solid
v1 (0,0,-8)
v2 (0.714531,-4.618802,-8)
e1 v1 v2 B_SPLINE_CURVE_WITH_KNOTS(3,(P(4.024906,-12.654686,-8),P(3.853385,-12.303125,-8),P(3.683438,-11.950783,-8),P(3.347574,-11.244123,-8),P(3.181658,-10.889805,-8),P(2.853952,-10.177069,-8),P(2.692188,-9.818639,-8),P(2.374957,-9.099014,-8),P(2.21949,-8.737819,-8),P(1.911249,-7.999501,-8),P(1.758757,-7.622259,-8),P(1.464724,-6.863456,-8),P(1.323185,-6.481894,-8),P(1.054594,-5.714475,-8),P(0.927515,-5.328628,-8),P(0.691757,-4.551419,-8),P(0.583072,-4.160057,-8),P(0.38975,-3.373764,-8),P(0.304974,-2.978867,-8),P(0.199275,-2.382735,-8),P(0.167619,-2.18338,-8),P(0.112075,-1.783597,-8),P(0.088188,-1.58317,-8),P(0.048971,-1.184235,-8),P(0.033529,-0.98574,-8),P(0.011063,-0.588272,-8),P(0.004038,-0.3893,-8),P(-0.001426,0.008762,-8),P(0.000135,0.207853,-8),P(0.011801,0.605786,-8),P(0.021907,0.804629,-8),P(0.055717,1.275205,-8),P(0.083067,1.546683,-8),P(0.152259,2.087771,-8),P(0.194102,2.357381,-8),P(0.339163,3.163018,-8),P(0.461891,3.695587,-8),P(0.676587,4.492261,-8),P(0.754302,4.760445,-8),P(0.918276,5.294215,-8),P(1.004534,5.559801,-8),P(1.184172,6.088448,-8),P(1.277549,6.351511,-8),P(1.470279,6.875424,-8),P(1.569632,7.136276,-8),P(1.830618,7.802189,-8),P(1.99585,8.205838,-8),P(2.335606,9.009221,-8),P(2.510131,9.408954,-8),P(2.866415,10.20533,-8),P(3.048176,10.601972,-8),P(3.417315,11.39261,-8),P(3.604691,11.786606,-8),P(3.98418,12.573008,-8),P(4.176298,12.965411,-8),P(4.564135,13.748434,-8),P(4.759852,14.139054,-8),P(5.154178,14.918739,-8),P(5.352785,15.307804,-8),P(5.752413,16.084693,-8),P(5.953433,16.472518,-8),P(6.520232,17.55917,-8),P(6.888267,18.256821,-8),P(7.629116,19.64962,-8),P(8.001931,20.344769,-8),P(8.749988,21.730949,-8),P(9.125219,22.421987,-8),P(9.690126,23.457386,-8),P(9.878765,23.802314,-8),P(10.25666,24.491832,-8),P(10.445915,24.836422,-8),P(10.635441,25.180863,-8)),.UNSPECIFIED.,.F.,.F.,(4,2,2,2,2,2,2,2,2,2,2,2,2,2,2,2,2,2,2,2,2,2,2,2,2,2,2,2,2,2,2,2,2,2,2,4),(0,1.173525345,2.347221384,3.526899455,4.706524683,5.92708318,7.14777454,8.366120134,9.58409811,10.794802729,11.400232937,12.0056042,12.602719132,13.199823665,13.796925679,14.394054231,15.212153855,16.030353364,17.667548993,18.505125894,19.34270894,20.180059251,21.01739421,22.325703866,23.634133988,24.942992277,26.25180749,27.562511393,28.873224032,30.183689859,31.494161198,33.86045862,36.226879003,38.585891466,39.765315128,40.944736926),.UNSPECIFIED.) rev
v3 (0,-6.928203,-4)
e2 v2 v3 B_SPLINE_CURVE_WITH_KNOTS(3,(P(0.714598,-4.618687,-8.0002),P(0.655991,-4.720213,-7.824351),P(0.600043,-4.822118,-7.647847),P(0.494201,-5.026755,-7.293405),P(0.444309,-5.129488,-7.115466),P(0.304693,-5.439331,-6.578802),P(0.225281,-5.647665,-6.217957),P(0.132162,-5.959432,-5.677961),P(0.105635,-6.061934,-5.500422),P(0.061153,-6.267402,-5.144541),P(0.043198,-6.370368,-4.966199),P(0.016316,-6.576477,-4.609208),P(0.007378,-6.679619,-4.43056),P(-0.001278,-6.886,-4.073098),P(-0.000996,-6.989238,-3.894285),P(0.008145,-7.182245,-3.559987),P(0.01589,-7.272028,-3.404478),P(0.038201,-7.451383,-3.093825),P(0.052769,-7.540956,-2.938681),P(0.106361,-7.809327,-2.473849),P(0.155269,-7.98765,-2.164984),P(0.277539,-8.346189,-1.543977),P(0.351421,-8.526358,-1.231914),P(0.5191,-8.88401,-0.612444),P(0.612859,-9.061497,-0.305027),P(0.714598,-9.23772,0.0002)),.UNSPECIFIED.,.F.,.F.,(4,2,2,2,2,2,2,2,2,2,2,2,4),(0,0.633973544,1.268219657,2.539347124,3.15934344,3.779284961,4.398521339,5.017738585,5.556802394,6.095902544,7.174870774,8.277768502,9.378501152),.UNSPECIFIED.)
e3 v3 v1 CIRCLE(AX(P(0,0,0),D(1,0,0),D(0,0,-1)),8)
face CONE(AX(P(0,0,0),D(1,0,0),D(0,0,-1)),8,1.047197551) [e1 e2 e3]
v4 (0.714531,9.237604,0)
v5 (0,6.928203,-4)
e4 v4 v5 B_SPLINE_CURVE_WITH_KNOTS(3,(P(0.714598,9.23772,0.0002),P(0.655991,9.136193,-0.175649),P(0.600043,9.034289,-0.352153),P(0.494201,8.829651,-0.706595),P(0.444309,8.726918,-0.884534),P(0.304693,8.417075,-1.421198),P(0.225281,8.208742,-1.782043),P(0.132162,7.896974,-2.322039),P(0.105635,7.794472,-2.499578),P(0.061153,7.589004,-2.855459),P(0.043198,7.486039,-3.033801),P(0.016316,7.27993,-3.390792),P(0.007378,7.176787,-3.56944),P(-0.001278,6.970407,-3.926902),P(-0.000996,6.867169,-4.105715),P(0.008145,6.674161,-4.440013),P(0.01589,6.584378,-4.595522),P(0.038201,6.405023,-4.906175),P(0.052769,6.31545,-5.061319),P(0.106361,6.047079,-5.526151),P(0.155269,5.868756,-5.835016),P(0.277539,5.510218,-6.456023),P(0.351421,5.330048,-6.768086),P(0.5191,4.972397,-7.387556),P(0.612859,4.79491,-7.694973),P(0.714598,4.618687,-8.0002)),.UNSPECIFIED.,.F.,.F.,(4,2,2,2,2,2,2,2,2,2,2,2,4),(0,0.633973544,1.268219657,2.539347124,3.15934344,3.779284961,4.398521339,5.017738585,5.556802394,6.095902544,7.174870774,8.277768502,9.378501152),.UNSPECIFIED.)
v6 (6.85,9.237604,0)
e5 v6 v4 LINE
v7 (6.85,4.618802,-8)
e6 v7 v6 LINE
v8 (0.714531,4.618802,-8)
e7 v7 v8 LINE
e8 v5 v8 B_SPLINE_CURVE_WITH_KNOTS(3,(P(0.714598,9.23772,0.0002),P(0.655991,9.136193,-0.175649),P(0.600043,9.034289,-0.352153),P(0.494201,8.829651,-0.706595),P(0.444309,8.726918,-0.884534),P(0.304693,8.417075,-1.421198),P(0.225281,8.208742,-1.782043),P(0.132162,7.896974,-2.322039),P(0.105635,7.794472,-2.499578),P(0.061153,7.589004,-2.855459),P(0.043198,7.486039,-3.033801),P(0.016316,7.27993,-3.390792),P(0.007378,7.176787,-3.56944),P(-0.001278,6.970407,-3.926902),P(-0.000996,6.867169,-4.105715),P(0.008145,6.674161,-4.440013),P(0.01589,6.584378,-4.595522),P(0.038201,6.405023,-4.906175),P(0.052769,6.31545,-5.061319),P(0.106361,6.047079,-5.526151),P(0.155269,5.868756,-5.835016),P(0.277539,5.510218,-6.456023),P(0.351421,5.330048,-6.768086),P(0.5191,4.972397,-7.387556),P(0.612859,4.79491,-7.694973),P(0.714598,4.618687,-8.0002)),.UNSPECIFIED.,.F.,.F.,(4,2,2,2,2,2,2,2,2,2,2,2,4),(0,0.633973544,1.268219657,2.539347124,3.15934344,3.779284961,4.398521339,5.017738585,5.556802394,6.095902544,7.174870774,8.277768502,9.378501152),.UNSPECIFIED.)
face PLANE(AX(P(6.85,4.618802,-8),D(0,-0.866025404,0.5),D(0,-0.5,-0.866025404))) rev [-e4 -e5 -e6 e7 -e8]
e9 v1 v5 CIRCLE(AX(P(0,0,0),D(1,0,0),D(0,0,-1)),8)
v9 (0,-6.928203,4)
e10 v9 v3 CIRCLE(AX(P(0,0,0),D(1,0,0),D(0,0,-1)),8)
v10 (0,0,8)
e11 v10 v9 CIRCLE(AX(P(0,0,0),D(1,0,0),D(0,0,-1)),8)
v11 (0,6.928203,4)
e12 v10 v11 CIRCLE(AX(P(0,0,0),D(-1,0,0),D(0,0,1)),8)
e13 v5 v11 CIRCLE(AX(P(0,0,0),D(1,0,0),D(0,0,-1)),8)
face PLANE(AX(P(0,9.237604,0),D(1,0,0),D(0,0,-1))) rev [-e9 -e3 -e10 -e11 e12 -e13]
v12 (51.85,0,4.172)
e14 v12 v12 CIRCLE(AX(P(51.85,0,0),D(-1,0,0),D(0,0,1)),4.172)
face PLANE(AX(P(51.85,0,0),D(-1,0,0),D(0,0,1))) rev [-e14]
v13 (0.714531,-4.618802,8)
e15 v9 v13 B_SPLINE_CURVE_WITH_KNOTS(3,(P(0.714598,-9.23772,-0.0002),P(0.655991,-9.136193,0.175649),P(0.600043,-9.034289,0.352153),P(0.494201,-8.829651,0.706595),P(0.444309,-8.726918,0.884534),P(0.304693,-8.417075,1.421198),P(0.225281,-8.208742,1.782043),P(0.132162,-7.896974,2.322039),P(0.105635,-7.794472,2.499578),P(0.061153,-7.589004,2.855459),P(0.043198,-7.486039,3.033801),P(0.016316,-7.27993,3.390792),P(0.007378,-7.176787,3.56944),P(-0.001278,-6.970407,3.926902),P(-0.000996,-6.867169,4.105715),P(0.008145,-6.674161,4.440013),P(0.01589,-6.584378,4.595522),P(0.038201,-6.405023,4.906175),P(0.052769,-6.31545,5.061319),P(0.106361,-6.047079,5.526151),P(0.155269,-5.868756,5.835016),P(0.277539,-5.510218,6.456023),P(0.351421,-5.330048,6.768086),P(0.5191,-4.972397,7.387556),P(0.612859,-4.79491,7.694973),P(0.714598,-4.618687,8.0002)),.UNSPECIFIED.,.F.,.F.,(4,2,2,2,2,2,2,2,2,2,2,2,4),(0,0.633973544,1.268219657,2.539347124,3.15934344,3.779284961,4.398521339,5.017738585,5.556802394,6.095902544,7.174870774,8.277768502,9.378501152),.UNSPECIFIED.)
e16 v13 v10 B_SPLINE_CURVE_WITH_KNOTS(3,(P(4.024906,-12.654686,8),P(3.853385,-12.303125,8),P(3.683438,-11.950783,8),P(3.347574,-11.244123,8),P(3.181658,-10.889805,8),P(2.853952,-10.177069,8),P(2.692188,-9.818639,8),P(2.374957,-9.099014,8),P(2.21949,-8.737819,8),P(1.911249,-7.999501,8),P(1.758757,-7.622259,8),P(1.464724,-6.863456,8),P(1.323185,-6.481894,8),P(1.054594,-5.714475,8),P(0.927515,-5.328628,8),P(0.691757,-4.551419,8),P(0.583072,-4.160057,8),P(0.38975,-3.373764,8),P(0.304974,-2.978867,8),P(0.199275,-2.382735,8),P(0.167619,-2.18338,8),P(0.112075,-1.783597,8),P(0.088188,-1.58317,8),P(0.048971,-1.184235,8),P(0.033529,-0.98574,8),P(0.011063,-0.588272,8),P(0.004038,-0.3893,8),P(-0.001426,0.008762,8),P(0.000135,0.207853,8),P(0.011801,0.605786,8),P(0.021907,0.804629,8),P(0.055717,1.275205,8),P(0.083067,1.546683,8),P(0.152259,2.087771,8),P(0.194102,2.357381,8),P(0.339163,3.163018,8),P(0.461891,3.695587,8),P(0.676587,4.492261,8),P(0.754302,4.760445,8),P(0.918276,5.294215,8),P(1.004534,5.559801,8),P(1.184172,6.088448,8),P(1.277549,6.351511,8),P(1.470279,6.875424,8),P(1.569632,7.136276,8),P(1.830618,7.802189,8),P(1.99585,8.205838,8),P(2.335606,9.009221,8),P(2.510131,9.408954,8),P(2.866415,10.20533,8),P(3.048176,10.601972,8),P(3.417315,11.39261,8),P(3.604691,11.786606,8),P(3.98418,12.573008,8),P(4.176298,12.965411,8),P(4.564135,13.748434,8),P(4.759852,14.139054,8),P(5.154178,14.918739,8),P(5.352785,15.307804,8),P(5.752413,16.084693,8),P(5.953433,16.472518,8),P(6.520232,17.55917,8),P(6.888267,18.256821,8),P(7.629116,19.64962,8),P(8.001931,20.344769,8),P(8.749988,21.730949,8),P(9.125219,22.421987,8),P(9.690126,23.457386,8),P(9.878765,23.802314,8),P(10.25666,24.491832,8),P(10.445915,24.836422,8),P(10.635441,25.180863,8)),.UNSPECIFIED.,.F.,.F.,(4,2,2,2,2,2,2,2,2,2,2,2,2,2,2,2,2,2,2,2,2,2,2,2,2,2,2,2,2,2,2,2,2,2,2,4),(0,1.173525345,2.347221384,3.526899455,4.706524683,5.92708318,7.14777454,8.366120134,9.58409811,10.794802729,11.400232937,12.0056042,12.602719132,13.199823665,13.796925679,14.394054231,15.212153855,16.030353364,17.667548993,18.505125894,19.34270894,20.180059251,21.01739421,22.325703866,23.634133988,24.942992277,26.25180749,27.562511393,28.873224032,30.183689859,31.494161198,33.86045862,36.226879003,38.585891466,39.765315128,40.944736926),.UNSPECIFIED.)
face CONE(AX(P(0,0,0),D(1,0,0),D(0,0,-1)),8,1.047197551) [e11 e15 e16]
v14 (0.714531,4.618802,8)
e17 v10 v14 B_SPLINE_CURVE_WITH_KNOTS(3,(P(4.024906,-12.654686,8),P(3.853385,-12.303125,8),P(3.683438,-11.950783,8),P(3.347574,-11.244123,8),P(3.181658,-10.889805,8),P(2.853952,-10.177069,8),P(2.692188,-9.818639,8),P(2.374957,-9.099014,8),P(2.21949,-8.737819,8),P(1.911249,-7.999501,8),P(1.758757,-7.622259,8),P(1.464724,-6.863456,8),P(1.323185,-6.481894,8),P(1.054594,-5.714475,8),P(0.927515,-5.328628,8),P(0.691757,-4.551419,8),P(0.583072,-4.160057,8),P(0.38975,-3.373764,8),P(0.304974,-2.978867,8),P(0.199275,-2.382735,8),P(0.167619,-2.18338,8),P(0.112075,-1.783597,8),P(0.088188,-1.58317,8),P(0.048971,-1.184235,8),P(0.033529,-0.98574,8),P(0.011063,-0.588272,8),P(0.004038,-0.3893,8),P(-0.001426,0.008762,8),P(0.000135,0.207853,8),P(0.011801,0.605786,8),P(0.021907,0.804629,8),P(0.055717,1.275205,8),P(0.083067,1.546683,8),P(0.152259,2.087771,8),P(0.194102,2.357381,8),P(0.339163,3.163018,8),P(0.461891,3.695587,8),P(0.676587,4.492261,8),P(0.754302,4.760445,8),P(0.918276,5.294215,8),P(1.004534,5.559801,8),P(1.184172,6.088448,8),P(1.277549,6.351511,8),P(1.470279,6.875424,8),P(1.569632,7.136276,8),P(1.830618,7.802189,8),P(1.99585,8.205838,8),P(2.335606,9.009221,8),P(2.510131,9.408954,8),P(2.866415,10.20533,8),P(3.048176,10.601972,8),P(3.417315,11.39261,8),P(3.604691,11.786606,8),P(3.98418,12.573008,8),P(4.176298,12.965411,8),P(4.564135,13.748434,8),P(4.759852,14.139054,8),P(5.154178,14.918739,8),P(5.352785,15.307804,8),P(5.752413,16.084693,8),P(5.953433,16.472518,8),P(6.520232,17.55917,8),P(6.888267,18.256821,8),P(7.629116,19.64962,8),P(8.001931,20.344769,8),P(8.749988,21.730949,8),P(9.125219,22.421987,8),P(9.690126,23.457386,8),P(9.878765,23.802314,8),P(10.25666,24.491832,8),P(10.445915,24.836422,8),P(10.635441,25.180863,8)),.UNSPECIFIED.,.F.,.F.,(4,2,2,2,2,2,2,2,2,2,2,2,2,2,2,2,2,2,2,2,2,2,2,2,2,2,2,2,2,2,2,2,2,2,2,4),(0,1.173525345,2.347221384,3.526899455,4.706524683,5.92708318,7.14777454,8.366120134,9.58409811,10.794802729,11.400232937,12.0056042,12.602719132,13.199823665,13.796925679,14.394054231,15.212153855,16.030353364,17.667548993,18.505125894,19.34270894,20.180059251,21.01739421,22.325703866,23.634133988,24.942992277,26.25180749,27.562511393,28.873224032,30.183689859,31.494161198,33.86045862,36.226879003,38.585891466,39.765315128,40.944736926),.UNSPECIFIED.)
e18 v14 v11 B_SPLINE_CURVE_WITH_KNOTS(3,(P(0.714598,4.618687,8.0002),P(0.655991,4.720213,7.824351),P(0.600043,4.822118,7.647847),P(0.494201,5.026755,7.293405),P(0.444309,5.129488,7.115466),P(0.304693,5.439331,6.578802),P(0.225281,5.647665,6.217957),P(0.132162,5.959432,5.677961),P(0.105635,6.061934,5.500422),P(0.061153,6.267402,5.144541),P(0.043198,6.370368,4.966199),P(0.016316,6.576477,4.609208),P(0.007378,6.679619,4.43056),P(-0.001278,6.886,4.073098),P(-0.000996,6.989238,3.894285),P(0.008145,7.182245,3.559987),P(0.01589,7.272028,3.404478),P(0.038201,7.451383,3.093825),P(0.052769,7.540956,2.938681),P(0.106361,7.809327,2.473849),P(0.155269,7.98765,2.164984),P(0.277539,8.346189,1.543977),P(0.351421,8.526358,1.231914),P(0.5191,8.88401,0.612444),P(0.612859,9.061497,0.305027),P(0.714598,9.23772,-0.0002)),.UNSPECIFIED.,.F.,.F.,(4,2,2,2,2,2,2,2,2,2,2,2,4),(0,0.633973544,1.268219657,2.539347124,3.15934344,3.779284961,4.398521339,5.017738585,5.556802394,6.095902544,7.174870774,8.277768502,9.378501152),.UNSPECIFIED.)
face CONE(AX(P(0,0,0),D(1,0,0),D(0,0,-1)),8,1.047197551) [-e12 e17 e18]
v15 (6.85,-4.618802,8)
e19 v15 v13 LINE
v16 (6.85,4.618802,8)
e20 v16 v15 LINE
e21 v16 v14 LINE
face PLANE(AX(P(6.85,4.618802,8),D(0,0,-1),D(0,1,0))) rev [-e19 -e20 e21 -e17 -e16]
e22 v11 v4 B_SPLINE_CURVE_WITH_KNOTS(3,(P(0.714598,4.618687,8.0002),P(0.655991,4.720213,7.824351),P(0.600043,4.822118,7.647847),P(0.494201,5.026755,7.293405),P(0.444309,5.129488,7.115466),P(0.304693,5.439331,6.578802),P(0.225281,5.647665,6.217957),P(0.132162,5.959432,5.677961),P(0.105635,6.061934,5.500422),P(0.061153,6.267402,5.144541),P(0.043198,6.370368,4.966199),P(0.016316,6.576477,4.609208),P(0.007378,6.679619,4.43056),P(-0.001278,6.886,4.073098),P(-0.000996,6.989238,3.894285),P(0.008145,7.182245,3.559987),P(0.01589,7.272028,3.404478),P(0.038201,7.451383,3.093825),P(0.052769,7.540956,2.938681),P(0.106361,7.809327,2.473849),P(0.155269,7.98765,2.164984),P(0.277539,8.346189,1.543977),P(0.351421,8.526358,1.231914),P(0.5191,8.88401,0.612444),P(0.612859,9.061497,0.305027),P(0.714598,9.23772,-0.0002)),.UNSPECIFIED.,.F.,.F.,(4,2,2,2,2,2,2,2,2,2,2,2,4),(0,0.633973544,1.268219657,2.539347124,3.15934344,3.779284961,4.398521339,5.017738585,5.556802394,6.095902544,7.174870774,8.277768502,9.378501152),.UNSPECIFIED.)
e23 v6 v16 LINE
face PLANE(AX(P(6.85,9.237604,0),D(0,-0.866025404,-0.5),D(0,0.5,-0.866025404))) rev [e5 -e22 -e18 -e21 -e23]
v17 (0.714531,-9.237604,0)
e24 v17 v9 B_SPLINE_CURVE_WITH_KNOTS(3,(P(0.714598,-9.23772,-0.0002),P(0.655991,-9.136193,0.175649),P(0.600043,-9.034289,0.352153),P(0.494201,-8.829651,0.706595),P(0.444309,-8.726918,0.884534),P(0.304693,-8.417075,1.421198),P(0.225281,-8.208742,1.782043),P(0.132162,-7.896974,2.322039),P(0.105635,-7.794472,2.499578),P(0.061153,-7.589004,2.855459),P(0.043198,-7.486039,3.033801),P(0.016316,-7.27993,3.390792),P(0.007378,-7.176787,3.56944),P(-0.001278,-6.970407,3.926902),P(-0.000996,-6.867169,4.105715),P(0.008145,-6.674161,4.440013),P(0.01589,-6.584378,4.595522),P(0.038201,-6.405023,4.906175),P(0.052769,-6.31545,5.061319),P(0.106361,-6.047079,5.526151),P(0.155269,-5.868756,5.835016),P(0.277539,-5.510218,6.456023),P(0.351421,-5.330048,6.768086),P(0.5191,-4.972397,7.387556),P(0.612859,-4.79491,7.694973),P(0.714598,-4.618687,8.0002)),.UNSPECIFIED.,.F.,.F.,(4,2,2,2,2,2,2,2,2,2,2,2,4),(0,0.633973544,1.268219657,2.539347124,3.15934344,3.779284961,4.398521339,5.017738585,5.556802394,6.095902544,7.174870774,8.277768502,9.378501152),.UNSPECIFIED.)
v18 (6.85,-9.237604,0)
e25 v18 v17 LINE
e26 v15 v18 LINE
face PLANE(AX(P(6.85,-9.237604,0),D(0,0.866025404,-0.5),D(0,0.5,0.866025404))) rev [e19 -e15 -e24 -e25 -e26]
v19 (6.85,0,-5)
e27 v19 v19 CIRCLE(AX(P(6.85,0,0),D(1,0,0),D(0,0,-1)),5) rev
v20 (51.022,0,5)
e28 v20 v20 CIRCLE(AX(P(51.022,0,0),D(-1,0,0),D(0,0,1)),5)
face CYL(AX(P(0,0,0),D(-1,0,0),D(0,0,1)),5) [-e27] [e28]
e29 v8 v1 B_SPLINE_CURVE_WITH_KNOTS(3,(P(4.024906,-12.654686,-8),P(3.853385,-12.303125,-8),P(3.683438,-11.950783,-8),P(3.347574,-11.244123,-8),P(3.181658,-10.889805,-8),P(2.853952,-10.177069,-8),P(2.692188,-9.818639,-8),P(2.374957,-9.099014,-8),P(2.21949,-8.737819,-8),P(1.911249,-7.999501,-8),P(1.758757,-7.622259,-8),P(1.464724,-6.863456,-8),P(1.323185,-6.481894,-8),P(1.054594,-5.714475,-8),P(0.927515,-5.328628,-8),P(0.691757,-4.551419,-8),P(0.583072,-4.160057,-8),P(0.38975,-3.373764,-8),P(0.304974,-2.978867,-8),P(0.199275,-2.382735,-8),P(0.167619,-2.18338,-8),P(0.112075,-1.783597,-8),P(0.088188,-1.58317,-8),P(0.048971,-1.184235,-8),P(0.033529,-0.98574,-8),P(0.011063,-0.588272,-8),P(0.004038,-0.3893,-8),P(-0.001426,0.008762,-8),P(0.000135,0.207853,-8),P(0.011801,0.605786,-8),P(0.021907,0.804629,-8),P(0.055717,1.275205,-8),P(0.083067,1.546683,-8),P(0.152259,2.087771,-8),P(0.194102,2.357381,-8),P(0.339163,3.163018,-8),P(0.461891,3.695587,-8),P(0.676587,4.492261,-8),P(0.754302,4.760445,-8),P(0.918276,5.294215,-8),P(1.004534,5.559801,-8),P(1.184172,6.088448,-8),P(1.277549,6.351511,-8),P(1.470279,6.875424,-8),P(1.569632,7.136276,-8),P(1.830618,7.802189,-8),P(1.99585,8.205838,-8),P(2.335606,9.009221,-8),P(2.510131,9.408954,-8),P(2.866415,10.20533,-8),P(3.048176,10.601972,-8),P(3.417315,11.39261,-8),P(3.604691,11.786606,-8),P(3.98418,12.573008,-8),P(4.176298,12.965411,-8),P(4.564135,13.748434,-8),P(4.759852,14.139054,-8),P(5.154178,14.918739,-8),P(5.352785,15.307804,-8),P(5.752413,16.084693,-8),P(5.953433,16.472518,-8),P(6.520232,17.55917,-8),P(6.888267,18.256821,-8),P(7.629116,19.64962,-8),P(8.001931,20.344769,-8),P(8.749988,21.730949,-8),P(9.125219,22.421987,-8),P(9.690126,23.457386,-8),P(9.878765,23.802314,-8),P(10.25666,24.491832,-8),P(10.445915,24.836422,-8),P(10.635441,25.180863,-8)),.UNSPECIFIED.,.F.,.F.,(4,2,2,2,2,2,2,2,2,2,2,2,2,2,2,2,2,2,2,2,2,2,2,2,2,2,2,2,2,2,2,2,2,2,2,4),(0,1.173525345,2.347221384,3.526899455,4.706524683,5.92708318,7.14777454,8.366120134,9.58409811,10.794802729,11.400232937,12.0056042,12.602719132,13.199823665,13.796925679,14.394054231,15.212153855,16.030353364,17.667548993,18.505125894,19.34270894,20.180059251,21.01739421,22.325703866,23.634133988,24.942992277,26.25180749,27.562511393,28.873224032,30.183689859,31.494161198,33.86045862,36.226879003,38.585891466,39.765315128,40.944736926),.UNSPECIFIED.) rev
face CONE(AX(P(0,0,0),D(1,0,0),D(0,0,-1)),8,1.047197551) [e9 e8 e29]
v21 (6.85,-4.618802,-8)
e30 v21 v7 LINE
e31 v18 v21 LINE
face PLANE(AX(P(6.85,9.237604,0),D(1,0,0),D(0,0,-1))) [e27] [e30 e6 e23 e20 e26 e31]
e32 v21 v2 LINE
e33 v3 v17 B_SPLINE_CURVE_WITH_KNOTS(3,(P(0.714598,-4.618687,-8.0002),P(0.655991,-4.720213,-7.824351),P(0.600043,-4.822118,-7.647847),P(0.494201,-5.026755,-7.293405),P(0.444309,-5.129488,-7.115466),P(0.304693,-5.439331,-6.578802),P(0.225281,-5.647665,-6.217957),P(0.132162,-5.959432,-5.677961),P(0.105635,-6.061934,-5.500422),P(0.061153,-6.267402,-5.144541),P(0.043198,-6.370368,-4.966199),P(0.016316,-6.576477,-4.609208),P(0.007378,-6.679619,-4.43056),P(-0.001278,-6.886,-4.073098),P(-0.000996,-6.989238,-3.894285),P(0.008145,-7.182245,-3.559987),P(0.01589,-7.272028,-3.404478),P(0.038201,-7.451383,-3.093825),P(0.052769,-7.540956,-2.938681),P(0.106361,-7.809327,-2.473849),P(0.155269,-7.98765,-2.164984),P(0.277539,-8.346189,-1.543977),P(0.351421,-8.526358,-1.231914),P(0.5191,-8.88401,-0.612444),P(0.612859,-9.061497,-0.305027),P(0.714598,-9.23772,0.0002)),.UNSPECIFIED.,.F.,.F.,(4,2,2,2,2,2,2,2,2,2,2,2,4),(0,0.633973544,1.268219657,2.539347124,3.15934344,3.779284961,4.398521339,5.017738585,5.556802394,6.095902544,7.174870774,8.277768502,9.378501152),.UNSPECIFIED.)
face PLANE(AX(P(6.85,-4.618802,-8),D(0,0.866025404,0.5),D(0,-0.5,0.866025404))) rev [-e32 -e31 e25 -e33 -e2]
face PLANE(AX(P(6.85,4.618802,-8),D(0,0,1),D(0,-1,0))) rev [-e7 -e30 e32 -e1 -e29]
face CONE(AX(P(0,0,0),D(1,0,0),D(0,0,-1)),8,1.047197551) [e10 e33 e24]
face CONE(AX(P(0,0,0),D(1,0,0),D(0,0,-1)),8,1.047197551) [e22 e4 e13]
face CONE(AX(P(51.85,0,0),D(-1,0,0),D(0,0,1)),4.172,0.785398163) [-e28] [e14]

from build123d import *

# Parameters (mm, degrees)
BASEHEAD_DEPTH = 6.85


with BuildPart() as part:
    # Sketch1 → BaseHead (new body)
    with BuildSketch(Plane(origin=(0, 0, 0), x_dir=(0, 0, -1), z_dir=(1, 0, 0))):
        Polygon((8, 4.618802154), (8, -4.618802154), (0, -9.237604307), (-8, -4.618802154), (-8, 4.618802154), (0, 9.237604307), align=None)
    extrude(amount=BASEHEAD_DEPTH)

    # BodySke → BaseBody (revolve)
    with BuildSketch(Plane.XY):
        Polygon((0, 0), (51.85, 0), (51.85, 4.172), (51.022, 5), (0, 5), align=None)
    revolve(axis=Axis((0, 0, 0), (1, 0, 0)))

    # Sketch3 → HeadChamfer (revolve, cut)
    with BuildSketch(Plane.XY):
        Polygon((0, 8), (3.601282526, 14.237604307), (3.601282526, 19.237604307), (-10, 19.237604307), (-10, 8), align=None)
    revolve(axis=Axis((0, 0, 0), (1, 0, 0)), mode=Mode.SUBTRACT)


solid = part.part
